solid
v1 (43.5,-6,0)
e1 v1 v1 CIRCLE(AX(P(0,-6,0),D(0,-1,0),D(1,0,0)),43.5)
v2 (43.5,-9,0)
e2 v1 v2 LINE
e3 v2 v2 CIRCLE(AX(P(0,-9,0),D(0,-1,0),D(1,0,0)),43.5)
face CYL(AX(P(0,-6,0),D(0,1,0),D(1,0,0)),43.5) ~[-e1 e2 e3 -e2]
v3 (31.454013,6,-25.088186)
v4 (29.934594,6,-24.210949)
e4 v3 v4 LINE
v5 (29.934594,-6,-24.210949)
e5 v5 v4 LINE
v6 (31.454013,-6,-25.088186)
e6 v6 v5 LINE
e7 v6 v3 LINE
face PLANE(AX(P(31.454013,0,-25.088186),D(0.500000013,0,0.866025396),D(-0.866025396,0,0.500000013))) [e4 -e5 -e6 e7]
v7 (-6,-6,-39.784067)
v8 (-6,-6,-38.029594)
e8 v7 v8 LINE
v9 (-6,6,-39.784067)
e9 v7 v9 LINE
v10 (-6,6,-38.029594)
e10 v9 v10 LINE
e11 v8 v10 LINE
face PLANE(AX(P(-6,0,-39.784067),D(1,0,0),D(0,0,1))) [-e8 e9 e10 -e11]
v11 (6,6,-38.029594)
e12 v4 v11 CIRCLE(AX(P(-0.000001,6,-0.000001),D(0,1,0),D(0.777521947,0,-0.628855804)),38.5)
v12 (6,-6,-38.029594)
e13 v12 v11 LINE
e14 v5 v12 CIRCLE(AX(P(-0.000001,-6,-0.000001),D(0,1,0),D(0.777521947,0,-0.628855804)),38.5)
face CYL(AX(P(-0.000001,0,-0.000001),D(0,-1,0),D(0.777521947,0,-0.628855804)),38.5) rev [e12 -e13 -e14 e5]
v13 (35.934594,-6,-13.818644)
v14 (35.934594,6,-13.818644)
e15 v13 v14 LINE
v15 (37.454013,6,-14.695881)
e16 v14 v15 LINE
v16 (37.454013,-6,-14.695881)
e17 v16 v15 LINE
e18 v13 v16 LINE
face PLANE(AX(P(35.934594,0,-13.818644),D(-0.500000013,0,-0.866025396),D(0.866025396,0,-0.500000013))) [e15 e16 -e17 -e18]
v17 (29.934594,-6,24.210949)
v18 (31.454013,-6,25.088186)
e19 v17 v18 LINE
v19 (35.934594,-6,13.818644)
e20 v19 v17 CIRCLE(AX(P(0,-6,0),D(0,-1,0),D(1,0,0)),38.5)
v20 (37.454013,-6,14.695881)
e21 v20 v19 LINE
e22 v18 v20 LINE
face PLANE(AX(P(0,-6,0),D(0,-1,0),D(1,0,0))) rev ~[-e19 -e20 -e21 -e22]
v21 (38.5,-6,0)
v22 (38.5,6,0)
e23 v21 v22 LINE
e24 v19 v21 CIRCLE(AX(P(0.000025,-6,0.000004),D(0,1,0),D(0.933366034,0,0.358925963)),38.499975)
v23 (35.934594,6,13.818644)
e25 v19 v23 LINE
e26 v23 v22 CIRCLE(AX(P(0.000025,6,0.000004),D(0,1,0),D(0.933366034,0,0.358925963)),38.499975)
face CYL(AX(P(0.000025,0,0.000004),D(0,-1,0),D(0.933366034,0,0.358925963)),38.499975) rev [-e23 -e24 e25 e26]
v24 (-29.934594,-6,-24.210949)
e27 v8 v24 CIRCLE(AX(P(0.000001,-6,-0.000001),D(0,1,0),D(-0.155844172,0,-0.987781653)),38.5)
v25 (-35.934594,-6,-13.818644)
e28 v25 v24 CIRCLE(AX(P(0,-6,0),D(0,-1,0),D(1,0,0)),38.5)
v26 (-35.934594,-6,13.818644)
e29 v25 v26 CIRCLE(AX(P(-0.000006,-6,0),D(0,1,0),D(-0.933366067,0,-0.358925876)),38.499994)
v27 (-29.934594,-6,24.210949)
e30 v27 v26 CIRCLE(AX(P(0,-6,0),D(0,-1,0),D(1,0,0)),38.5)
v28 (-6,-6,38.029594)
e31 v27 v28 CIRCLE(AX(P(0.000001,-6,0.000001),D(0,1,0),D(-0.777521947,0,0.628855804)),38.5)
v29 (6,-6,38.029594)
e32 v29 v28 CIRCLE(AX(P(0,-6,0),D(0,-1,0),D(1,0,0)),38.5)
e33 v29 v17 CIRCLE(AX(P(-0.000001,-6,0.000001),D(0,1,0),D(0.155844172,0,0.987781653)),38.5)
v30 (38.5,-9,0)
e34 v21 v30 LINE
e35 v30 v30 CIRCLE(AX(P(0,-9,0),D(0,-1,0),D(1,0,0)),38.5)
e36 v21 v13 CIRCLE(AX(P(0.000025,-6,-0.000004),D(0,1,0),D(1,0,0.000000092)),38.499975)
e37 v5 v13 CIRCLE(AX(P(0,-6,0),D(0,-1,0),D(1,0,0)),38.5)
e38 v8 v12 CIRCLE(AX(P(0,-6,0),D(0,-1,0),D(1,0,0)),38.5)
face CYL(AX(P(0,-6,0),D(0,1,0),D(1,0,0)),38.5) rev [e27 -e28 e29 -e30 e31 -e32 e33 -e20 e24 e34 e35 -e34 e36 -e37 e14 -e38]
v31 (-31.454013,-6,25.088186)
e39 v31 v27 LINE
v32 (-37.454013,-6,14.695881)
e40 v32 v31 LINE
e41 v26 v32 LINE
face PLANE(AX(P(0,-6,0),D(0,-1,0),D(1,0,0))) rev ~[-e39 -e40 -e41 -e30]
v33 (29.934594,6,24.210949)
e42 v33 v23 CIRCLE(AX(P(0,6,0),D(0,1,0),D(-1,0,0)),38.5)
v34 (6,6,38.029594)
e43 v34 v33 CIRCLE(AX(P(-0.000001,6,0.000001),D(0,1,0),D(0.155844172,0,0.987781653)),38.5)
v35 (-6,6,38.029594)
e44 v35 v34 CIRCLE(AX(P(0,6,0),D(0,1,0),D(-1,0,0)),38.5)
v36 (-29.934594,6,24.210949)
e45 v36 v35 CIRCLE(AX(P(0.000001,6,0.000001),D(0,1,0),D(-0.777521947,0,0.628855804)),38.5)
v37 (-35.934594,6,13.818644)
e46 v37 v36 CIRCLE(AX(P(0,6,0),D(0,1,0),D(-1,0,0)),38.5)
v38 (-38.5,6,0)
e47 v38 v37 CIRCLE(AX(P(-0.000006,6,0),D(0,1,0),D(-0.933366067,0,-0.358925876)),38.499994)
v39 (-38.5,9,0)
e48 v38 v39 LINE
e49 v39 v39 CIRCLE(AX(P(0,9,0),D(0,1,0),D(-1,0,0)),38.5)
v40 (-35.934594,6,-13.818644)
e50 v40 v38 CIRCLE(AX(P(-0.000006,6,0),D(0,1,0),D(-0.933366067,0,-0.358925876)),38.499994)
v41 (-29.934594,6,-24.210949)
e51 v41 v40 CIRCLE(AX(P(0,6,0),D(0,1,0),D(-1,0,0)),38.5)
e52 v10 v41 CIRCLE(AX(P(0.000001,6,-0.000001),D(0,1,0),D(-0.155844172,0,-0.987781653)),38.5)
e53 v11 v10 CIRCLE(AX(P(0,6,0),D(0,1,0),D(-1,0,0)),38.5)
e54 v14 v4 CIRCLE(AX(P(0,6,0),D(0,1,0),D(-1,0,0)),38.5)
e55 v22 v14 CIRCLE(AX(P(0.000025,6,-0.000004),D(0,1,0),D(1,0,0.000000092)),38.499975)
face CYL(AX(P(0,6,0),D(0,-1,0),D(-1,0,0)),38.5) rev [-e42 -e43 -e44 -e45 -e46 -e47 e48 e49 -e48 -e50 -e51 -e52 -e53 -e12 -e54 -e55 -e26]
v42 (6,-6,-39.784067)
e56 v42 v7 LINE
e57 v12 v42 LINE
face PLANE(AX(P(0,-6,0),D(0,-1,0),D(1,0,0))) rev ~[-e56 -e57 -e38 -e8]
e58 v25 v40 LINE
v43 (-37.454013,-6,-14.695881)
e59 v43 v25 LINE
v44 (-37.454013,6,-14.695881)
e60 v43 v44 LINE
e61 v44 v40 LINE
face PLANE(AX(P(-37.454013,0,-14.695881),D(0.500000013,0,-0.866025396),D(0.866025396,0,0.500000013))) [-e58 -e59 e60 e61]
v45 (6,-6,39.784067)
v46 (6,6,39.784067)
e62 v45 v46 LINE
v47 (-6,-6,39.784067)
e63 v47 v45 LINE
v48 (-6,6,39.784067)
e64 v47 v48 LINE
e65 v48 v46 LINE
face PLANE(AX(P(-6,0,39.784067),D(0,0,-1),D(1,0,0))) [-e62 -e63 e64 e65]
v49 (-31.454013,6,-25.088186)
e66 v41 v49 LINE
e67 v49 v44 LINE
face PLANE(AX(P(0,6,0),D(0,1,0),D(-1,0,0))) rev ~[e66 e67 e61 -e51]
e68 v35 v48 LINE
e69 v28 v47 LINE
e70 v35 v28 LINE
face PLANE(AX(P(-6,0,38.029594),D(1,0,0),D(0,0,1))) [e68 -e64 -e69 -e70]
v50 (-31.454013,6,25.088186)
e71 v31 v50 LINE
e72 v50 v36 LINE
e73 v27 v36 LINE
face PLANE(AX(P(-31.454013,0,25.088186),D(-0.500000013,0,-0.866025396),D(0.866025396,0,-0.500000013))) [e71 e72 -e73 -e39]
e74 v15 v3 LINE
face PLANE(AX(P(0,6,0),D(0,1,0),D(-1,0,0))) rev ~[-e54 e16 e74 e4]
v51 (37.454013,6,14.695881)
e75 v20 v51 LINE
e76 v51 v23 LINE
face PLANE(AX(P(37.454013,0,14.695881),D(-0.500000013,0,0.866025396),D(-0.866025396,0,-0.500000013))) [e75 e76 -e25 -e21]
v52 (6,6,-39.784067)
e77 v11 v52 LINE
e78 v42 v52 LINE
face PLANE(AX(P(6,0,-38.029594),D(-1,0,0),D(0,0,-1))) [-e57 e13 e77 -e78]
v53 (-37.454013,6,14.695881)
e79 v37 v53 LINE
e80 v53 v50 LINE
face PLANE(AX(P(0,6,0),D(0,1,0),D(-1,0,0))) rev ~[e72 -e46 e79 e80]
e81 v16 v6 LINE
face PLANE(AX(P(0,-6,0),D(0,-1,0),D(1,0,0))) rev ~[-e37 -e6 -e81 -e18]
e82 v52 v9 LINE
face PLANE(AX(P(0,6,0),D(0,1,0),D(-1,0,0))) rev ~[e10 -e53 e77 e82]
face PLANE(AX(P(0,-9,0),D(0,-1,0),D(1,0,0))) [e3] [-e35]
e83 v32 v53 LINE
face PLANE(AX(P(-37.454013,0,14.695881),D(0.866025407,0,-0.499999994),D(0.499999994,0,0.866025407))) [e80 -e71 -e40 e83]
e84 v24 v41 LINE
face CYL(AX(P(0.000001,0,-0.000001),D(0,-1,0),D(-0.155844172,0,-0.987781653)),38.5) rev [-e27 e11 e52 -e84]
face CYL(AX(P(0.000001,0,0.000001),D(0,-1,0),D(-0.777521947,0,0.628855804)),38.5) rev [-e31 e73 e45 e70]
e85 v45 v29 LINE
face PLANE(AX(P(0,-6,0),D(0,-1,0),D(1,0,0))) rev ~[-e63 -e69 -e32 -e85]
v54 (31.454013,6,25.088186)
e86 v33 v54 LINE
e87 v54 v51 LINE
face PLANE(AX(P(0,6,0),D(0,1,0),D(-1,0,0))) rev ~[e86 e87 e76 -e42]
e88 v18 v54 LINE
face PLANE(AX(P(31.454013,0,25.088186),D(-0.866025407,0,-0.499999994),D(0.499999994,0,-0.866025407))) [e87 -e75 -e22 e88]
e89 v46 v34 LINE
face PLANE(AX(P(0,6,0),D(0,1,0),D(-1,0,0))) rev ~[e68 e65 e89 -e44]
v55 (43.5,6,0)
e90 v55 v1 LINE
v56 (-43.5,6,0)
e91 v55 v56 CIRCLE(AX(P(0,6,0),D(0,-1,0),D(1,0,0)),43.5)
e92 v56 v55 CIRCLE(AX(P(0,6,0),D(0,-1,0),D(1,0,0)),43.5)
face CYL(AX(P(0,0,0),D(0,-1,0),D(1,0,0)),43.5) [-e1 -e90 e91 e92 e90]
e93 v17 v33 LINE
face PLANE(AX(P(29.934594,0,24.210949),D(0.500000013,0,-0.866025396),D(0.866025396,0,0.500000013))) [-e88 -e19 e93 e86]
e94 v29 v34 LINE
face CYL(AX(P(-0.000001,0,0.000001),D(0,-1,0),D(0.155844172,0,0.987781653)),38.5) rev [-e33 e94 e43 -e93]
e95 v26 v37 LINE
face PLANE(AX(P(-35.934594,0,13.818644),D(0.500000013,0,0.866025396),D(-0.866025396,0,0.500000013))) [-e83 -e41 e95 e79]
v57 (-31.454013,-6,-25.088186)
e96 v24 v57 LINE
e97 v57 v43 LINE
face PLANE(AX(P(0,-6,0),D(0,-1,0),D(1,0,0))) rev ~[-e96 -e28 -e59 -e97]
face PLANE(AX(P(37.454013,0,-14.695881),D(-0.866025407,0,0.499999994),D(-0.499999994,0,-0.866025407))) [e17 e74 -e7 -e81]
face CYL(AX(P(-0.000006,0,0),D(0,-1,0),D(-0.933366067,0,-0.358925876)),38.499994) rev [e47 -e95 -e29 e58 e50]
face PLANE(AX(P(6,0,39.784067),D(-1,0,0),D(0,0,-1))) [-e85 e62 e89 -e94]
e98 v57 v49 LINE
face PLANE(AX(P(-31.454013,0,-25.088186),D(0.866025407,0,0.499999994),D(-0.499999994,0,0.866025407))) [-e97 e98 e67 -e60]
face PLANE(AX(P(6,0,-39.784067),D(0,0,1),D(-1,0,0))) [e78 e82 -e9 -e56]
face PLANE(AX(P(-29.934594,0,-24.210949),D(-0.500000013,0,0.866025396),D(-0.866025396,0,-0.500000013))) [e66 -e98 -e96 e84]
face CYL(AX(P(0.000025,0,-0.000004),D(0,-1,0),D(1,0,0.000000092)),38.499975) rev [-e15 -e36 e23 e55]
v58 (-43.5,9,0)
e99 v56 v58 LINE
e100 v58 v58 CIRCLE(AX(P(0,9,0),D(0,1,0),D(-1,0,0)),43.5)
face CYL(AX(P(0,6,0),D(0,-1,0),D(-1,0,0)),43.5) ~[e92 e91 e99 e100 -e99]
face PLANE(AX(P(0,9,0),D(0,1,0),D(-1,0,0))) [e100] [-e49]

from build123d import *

# Parameters (mm, degrees)
F0_R     = 43.5
F1_DEPTH = 6
F2_R     = 43.5
F2_R_2   = 38.5
F3_DEPTH = 3
F4_R     = 43.5
F4_R_2   = 38.5
F5_DEPTH = 3


with BuildPart() as f1:
    # F0 (on Front) → F1 (new body, symmetric)
    with BuildSketch(Plane.XZ):
        Circle(F0_R)
        with BuildLine():
            Line((-6, 38.029594), (-6, 39.784067))
            Line((-6, 39.784067), (6, 39.784067))
            Line((6, 39.784067), (6, 38.029594))
            ThreePointArc((6, 38.029594), (19.25, 33.341978), (29.934594, 24.210949))
            Line((29.934594, 24.210949), (31.454013, 25.088186))
            Line((31.454013, 25.088186), (37.454013, 14.695881))
            Line((37.454013, 14.695881), (35.934594, 13.818644))
            ThreePointArc((35.934594, 13.818644), (37.853216, 7.027379), (38.5, 0))
            ThreePointArc((38.5, 0), (37.853216, -7.027379), (35.934594, -13.818644))
            Line((35.934594, -13.818644), (37.454013, -14.695881))
            Line((37.454013, -14.695881), (31.454013, -25.088186))
            Line((31.454013, -25.088186), (29.934594, -24.210949))
            ThreePointArc((29.934594, -24.210949), (19.25, -33.341978), (6, -38.029594))
            Line((6, -38.029594), (6, -39.784067))
            Line((6, -39.784067), (-6, -39.784067))
            Line((-6, -39.784067), (-6, -38.029594))
            ThreePointArc((-6, -38.029594), (-19.25, -33.341978), (-29.934594, -24.210949))
            Line((-29.934594, -24.210949), (-31.454013, -25.088186))
            Line((-31.454013, -25.088186), (-37.454013, -14.695881))
            Line((-37.454013, -14.695881), (-35.934594, -13.818644))
            ThreePointArc((-35.934594, -13.818644), (-38.5, 0), (-35.934594, 13.818644))
            Line((-35.934594, 13.818644), (-37.454013, 14.695881))
            Line((-37.454013, 14.695881), (-31.454013, 25.088186))
            Line((-31.454013, 25.088186), (-29.934594, 24.210949))
            ThreePointArc((-29.934594, 24.210949), (-19.25, 33.341978), (-6, 38.029594))
        make_face(mode=Mode.SUBTRACT)
    extrude(amount=F1_DEPTH, both=True)

    # F2 (on face) → F3 (join)
    with BuildSketch(Plane(origin=(0, 6, 0), x_dir=(-1, 0, 0), z_dir=(0, 1, 0))):
        Circle(F2_R)
        Circle(F2_R_2, mode=Mode.SUBTRACT)
    extrude(amount=F3_DEPTH)

    # F4 (on face) → F5 (join)
    with BuildSketch(Plane.XZ.offset(6)):
        Circle(F4_R)
        Circle(F4_R_2, mode=Mode.SUBTRACT)
    extrude(amount=F5_DEPTH)


solid = f1.part
